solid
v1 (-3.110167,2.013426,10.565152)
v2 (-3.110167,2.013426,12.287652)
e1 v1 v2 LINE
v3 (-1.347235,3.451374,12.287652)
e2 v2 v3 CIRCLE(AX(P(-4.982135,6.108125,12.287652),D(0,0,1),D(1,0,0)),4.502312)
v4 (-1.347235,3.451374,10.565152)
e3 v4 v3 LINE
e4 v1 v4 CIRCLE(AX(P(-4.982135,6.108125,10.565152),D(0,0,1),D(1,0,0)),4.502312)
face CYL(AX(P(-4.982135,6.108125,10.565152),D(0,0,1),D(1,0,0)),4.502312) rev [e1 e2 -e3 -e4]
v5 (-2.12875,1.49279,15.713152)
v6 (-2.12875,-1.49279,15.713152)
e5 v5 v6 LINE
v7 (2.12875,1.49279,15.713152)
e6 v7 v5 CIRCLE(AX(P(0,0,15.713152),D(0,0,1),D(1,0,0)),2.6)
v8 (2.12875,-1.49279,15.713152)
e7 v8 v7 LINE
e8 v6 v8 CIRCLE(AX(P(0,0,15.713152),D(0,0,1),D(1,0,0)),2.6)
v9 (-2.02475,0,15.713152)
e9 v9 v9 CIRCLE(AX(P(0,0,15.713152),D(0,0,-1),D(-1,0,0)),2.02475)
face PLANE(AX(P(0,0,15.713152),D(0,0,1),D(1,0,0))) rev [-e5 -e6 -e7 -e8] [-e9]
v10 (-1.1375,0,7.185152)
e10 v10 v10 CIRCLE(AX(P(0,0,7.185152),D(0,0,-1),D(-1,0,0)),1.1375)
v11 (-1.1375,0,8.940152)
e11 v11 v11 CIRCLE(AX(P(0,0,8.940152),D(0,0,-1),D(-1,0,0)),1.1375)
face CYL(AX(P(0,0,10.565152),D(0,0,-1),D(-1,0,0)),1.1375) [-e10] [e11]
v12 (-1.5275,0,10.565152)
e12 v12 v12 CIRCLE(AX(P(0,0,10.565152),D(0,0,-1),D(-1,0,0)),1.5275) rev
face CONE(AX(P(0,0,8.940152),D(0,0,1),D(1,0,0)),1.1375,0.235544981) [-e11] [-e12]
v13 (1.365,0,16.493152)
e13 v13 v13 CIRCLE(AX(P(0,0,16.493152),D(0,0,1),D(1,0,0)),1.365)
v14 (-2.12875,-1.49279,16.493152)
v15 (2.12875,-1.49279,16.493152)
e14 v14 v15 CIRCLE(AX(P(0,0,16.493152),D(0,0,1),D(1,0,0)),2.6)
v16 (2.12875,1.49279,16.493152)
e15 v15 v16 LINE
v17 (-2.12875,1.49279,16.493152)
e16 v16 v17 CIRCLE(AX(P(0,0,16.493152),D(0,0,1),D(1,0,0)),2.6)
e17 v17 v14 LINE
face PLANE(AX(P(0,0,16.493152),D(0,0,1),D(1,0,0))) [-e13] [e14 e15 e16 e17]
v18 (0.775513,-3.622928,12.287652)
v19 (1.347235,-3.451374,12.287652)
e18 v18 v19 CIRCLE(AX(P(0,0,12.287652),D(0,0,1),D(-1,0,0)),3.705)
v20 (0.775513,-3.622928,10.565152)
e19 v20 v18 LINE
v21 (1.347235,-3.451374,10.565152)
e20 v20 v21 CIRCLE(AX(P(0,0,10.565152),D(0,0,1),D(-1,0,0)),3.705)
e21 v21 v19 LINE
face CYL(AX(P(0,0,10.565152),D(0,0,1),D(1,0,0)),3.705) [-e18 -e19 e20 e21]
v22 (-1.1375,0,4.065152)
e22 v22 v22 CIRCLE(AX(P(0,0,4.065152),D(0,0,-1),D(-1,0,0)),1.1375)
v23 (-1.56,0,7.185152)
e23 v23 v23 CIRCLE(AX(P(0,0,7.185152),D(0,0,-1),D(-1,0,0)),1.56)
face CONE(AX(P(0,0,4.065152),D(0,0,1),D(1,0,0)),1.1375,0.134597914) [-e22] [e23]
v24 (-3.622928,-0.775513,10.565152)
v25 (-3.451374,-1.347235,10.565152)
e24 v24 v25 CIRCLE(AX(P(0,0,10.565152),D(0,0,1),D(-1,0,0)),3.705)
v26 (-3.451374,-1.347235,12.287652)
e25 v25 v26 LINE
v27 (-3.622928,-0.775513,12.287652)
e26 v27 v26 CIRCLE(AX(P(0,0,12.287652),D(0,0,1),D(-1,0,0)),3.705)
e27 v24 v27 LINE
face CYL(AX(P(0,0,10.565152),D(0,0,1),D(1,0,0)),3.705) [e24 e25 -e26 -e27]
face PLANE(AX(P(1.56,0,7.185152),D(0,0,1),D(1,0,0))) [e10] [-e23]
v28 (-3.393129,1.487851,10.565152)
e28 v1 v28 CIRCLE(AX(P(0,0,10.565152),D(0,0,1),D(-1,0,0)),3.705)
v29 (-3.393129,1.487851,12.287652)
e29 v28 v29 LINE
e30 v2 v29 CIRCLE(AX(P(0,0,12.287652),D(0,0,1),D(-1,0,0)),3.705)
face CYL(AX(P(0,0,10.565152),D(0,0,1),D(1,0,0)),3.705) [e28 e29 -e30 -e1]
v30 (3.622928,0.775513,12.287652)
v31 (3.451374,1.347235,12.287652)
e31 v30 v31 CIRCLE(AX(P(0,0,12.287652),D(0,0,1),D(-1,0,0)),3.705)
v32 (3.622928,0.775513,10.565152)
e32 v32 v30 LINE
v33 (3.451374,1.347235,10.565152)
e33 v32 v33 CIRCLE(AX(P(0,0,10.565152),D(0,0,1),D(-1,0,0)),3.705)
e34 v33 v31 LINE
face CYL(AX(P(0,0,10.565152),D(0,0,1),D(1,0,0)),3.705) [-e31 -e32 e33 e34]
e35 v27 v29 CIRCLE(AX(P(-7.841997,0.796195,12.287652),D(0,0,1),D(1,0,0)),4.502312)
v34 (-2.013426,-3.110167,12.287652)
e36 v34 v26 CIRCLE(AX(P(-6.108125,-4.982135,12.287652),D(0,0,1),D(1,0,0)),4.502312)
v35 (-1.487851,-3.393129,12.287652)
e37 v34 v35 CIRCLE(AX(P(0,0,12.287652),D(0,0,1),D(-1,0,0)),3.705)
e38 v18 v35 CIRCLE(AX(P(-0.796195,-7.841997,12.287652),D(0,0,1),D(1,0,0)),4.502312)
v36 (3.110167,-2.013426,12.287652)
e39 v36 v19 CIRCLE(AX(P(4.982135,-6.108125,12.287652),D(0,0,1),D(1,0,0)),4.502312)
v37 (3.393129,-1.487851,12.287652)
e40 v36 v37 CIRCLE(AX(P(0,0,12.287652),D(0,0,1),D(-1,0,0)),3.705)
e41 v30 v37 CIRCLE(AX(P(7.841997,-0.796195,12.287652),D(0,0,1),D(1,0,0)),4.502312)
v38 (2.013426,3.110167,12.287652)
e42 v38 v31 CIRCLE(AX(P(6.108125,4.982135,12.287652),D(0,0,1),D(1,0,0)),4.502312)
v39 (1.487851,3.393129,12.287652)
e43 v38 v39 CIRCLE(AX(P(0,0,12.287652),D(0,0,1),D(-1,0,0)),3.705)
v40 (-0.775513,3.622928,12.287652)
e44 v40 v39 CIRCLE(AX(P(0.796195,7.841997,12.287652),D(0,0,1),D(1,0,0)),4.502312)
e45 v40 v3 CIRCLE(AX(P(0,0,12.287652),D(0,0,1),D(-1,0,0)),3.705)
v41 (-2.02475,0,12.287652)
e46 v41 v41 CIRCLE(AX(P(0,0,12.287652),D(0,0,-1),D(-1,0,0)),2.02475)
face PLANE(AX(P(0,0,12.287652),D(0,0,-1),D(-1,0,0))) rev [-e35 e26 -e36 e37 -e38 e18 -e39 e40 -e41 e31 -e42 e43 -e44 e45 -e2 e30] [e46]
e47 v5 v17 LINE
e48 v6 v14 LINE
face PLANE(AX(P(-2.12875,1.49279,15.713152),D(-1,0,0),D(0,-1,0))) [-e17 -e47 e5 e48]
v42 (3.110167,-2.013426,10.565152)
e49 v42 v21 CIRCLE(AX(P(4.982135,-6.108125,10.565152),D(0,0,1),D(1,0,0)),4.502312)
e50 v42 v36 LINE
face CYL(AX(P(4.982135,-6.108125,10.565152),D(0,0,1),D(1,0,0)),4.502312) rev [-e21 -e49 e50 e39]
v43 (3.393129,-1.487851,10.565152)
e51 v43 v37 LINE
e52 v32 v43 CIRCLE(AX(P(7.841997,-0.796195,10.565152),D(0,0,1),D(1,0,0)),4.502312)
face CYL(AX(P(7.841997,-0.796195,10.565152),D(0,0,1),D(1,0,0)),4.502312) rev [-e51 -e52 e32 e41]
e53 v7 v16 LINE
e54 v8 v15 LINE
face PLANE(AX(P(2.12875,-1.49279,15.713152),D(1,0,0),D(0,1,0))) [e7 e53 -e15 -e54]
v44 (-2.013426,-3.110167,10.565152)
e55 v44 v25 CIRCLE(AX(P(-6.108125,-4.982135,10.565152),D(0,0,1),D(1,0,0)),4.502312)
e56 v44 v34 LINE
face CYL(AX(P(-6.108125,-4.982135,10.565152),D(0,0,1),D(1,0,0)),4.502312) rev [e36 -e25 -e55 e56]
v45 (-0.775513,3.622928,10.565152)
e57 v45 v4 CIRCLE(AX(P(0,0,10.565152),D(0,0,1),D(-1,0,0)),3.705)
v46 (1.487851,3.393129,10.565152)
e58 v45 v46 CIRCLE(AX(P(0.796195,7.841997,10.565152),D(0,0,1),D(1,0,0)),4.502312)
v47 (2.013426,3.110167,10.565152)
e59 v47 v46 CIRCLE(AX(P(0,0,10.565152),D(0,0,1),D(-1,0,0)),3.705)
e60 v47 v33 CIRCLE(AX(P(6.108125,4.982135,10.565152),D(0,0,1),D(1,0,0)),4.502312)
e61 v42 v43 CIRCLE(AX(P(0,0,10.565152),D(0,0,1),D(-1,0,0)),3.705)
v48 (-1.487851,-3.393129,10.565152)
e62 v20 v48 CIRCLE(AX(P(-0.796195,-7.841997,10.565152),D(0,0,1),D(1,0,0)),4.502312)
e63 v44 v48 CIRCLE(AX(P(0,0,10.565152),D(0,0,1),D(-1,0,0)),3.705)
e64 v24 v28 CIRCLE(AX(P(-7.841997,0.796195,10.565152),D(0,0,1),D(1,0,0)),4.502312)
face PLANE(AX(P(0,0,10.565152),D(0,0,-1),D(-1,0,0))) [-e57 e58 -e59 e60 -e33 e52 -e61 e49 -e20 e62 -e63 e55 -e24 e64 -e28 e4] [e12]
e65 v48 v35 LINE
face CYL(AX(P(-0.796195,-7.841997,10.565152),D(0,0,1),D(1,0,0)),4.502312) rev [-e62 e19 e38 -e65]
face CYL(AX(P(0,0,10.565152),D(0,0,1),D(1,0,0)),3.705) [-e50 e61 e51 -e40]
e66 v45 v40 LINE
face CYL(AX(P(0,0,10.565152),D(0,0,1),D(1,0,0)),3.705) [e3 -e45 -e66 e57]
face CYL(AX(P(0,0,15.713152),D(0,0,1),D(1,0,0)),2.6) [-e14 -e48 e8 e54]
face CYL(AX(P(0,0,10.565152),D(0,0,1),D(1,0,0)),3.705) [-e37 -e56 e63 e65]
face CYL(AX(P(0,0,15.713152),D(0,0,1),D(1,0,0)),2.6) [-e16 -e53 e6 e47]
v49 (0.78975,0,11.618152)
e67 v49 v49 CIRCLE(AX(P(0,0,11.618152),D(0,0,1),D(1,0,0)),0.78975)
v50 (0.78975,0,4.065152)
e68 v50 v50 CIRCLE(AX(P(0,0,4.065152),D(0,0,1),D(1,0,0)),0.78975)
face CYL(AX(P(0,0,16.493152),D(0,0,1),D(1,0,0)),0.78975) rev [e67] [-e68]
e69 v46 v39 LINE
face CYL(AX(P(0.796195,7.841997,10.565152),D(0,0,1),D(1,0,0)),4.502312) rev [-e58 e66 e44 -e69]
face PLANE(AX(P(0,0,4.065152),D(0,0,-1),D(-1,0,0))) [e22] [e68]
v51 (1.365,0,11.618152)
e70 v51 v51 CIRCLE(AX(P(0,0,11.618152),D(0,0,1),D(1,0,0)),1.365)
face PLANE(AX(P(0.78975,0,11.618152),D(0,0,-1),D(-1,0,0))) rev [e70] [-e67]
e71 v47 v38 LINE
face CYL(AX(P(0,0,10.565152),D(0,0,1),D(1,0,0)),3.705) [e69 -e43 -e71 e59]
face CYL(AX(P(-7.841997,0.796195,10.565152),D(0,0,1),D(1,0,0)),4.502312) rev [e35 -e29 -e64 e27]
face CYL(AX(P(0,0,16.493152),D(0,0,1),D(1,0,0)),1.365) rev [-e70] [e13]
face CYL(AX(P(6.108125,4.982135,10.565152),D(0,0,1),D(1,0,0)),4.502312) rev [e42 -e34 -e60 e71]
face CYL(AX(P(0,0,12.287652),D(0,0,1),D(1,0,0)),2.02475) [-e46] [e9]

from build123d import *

# Parameters (mm, degrees)
BOSS_EXTRUDE1_DEPTH                                 = 1.2
SKETCH2_R                                           = 3.115
BOSS_EXTRUDE2_DEPTH                                 = 5.27
SKETCH3_R                                           = 5.7
BOSS_EXTRUDE3_DEPTH                                 = 2.65
CUT_EXTRUDE1_DEPTH                                  = 3.65
CUT_EXTRUDE2_DEPTH                                  = 3.65
CUT_EXTRUDE3_DEPTH                                  = 3.65
CUT_EXTRUDE4_DEPTH                                  = 3.65
CUT_EXTRUDE5_DEPTH                                  = 3.65
CUT_EXTRUDE6_DEPTH                                  = 3.65
CUT_EXTRUDE7_DEPTH                                  = 3.65
CUT_EXTRUDE8_DEPTH                                  = 3.65
CBORE_FOR_2_BINDING_HEAD_MACHINE_SCREW1_D           = 2.43
CBORE_FOR_2_BINDING_HEAD_MACHINE_SCREW1_DEPTH       = 19.12
CBORE_FOR_2_BINDING_HEAD_MACHINE_SCREW1_CBORE_D     = 4.2
CBORE_FOR_2_BINDING_HEAD_MACHINE_SCREW1_CBORE_DEPTH = 7.5
CHAMFER1_SIZE                                       = 0.6
CHAMFER1_SIZE2                                      = 2.5
SCALE1_SCALE                                        = 0.65


with BuildPart() as part:
    # Sketch1 → Boss-Extrude1 (new body)
    with BuildSketch(Plane.XY.offset(19.12)):
        with BuildLine():
            Line((-3.275, 2.296600749), (-3.275, -2.296600749))
            ThreePointArc((-3.275, -2.296600749), (0, -4), (3.275, -2.296600749))
            Line((3.275, -2.296600749), (3.275, 2.296600749))
            ThreePointArc((3.275, 2.296600749), (0, 4), (-3.275, 2.296600749))
        make_face()
    extrude(amount=-BOSS_EXTRUDE1_DEPTH)

    # Sketch2 → Boss-Extrude2 (add)
    with BuildSketch(Plane(origin=(0, 0, 17.92), x_dir=(-1, 0, 0), z_dir=(0, 0, -1))):
        Circle(SKETCH2_R)
    extrude(amount=BOSS_EXTRUDE2_DEPTH)

    # Sketch3 → Boss-Extrude3 (add)
    with BuildSketch(Plane.XY.offset(12.65)):
        Circle(SKETCH3_R)
    extrude(amount=-BOSS_EXTRUDE3_DEPTH)

    # Sketch4 → Cut-Extrude1 (cut, through all)
    with BuildSketch(Plane.XY.offset(12.65)):
        with BuildLine():
            ThreePointArc((-5.220198487, 2.289001477), (-5.670846635, 0.575759012), (-5.573734722, -1.193097334))
            ThreePointArc((-5.573734722, -1.193097334), (-5.173403948, 0.525253836), (-5.220198487, 2.289001477))
        make_face()
    extrude(amount=-CUT_EXTRUDE1_DEPTH, mode=Mode.SUBTRACT)

    # Sketch5 → Cut-Extrude2 (cut, through all)
    with BuildSketch(Plane.XY.offset(12.65)):
        with BuildLine():
            ThreePointArc((-2.072669282, 5.309806215), (-3.602771009, 4.417017213), (-4.784872834, 3.097578403))
            ThreePointArc((-4.784872834, 3.097578403), (-3.286738464, 4.029559562), (-2.072669282, 5.309806215))
        make_face()
    extrude(amount=-CUT_EXTRUDE2_DEPTH, mode=Mode.SUBTRACT)

    # Sketch6 → Cut-Extrude3 (cut, through all)
    with BuildSketch(Plane.XY.offset(12.65)):
        with BuildLine():
            ThreePointArc((2.289001477, 5.220198487), (0.575759012, 5.670846635), (-1.193097334, 5.573734722))
            ThreePointArc((-1.193097334, 5.573734722), (0.525253836, 5.173403948), (2.289001477, 5.220198487))
        make_face()
    extrude(amount=-CUT_EXTRUDE3_DEPTH, mode=Mode.SUBTRACT)

    # Sketch7 → Cut-Extrude4 (cut, through all)
    with BuildSketch(Plane.XY.offset(12.65)):
        with BuildLine():
            ThreePointArc((5.309806215, 2.072669282), (4.417017213, 3.602771009), (3.097578403, 4.784872834))
            ThreePointArc((3.097578403, 4.784872834), (4.029559562, 3.286738464), (5.309806215, 2.072669282))
        make_face()
    extrude(amount=-CUT_EXTRUDE4_DEPTH, mode=Mode.SUBTRACT)

    # Sketch8 → Cut-Extrude5 (cut, through all)
    with BuildSketch(Plane.XY.offset(12.65)):
        with BuildLine():
            ThreePointArc((5.220198487, -2.289001477), (5.670846635, -0.575759012), (5.573734722, 1.193097334))
            ThreePointArc((5.573734722, 1.193097334), (5.173403948, -0.525253836), (5.220198487, -2.289001477))
        make_face()
    extrude(amount=-CUT_EXTRUDE5_DEPTH, mode=Mode.SUBTRACT)

    # Sketch9 → Cut-Extrude6 (cut, through all)
    with BuildSketch(Plane.XY.offset(12.65)):
        with BuildLine():
            ThreePointArc((2.072669282, -5.309806215), (3.602771009, -4.417017213), (4.784872834, -3.097578403))
            ThreePointArc((4.784872834, -3.097578403), (3.286738464, -4.029559562), (2.072669282, -5.309806215))
        make_face()
    extrude(amount=-CUT_EXTRUDE6_DEPTH, mode=Mode.SUBTRACT)

    # Sketch10 → Cut-Extrude7 (cut, through all)
    with BuildSketch(Plane.XY.offset(12.65)):
        with BuildLine():
            ThreePointArc((-2.289001477, -5.220198487), (-0.575759012, -5.670846635), (1.193097334, -5.573734722))
            ThreePointArc((1.193097334, -5.573734722), (-0.525253836, -5.173403948), (-2.289001477, -5.220198487))
        make_face()
    extrude(amount=-CUT_EXTRUDE7_DEPTH, mode=Mode.SUBTRACT)

    # Sketch11 → Cut-Extrude8 (cut, through all)
    with BuildSketch(Plane.XY.offset(12.65)):
        with BuildLine():
            ThreePointArc((-5.309806215, -2.072669282), (-4.417017213, -3.602771009), (-3.097578403, -4.784872834))
            ThreePointArc((-3.097578403, -4.784872834), (-4.029559562, -3.286738464), (-5.309806215, -2.072669282))
        make_face()
    extrude(amount=-CUT_EXTRUDE8_DEPTH, mode=Mode.SUBTRACT)

    # Sketch12 → Revolve1 (revolve)
    with BuildSketch(Plane.XZ):
        Polygon((1.75, 10), (0, 10), (0, 0), (1.75, 0), (2.4, 4.8), (1.75, 4.8), align=None)
    revolve(axis=Axis((0, 0, 10), (0, 0, -1)))

    # CBORE for #2 Binding Head Machine Screw1
    with Locations(Plane.XY.offset(19.12)):
        with Locations((0, 0)):
            CounterBoreHole(CBORE_FOR_2_BINDING_HEAD_MACHINE_SCREW1_D / 2, CBORE_FOR_2_BINDING_HEAD_MACHINE_SCREW1_CBORE_D / 2, CBORE_FOR_2_BINDING_HEAD_MACHINE_SCREW1_CBORE_DEPTH, depth=CBORE_FOR_2_BINDING_HEAD_MACHINE_SCREW1_DEPTH)

    # Chamfer1
    chamfer1_edges = [part.edges().sort_by_distance(p)[0] for p in [
        (-1.75, 0, 10),
    ]]
    chamfer1_side = [part.faces().sort_by_distance(p)[0] for p in [
        (-5.016561239, 0.509329652, 10),
    ]]
    chamfer(chamfer1_edges, length=CHAMFER1_SIZE, length2=CHAMFER1_SIZE2, reference=chamfer1_side[0])


with BuildPart() as part_1:
    # Scale1: scaled about (0, 0, 11.614719244)
    add(part.part.scale(SCALE1_SCALE).moved(Location((0, 0, 4.065151735))))


solid = part_1.part
